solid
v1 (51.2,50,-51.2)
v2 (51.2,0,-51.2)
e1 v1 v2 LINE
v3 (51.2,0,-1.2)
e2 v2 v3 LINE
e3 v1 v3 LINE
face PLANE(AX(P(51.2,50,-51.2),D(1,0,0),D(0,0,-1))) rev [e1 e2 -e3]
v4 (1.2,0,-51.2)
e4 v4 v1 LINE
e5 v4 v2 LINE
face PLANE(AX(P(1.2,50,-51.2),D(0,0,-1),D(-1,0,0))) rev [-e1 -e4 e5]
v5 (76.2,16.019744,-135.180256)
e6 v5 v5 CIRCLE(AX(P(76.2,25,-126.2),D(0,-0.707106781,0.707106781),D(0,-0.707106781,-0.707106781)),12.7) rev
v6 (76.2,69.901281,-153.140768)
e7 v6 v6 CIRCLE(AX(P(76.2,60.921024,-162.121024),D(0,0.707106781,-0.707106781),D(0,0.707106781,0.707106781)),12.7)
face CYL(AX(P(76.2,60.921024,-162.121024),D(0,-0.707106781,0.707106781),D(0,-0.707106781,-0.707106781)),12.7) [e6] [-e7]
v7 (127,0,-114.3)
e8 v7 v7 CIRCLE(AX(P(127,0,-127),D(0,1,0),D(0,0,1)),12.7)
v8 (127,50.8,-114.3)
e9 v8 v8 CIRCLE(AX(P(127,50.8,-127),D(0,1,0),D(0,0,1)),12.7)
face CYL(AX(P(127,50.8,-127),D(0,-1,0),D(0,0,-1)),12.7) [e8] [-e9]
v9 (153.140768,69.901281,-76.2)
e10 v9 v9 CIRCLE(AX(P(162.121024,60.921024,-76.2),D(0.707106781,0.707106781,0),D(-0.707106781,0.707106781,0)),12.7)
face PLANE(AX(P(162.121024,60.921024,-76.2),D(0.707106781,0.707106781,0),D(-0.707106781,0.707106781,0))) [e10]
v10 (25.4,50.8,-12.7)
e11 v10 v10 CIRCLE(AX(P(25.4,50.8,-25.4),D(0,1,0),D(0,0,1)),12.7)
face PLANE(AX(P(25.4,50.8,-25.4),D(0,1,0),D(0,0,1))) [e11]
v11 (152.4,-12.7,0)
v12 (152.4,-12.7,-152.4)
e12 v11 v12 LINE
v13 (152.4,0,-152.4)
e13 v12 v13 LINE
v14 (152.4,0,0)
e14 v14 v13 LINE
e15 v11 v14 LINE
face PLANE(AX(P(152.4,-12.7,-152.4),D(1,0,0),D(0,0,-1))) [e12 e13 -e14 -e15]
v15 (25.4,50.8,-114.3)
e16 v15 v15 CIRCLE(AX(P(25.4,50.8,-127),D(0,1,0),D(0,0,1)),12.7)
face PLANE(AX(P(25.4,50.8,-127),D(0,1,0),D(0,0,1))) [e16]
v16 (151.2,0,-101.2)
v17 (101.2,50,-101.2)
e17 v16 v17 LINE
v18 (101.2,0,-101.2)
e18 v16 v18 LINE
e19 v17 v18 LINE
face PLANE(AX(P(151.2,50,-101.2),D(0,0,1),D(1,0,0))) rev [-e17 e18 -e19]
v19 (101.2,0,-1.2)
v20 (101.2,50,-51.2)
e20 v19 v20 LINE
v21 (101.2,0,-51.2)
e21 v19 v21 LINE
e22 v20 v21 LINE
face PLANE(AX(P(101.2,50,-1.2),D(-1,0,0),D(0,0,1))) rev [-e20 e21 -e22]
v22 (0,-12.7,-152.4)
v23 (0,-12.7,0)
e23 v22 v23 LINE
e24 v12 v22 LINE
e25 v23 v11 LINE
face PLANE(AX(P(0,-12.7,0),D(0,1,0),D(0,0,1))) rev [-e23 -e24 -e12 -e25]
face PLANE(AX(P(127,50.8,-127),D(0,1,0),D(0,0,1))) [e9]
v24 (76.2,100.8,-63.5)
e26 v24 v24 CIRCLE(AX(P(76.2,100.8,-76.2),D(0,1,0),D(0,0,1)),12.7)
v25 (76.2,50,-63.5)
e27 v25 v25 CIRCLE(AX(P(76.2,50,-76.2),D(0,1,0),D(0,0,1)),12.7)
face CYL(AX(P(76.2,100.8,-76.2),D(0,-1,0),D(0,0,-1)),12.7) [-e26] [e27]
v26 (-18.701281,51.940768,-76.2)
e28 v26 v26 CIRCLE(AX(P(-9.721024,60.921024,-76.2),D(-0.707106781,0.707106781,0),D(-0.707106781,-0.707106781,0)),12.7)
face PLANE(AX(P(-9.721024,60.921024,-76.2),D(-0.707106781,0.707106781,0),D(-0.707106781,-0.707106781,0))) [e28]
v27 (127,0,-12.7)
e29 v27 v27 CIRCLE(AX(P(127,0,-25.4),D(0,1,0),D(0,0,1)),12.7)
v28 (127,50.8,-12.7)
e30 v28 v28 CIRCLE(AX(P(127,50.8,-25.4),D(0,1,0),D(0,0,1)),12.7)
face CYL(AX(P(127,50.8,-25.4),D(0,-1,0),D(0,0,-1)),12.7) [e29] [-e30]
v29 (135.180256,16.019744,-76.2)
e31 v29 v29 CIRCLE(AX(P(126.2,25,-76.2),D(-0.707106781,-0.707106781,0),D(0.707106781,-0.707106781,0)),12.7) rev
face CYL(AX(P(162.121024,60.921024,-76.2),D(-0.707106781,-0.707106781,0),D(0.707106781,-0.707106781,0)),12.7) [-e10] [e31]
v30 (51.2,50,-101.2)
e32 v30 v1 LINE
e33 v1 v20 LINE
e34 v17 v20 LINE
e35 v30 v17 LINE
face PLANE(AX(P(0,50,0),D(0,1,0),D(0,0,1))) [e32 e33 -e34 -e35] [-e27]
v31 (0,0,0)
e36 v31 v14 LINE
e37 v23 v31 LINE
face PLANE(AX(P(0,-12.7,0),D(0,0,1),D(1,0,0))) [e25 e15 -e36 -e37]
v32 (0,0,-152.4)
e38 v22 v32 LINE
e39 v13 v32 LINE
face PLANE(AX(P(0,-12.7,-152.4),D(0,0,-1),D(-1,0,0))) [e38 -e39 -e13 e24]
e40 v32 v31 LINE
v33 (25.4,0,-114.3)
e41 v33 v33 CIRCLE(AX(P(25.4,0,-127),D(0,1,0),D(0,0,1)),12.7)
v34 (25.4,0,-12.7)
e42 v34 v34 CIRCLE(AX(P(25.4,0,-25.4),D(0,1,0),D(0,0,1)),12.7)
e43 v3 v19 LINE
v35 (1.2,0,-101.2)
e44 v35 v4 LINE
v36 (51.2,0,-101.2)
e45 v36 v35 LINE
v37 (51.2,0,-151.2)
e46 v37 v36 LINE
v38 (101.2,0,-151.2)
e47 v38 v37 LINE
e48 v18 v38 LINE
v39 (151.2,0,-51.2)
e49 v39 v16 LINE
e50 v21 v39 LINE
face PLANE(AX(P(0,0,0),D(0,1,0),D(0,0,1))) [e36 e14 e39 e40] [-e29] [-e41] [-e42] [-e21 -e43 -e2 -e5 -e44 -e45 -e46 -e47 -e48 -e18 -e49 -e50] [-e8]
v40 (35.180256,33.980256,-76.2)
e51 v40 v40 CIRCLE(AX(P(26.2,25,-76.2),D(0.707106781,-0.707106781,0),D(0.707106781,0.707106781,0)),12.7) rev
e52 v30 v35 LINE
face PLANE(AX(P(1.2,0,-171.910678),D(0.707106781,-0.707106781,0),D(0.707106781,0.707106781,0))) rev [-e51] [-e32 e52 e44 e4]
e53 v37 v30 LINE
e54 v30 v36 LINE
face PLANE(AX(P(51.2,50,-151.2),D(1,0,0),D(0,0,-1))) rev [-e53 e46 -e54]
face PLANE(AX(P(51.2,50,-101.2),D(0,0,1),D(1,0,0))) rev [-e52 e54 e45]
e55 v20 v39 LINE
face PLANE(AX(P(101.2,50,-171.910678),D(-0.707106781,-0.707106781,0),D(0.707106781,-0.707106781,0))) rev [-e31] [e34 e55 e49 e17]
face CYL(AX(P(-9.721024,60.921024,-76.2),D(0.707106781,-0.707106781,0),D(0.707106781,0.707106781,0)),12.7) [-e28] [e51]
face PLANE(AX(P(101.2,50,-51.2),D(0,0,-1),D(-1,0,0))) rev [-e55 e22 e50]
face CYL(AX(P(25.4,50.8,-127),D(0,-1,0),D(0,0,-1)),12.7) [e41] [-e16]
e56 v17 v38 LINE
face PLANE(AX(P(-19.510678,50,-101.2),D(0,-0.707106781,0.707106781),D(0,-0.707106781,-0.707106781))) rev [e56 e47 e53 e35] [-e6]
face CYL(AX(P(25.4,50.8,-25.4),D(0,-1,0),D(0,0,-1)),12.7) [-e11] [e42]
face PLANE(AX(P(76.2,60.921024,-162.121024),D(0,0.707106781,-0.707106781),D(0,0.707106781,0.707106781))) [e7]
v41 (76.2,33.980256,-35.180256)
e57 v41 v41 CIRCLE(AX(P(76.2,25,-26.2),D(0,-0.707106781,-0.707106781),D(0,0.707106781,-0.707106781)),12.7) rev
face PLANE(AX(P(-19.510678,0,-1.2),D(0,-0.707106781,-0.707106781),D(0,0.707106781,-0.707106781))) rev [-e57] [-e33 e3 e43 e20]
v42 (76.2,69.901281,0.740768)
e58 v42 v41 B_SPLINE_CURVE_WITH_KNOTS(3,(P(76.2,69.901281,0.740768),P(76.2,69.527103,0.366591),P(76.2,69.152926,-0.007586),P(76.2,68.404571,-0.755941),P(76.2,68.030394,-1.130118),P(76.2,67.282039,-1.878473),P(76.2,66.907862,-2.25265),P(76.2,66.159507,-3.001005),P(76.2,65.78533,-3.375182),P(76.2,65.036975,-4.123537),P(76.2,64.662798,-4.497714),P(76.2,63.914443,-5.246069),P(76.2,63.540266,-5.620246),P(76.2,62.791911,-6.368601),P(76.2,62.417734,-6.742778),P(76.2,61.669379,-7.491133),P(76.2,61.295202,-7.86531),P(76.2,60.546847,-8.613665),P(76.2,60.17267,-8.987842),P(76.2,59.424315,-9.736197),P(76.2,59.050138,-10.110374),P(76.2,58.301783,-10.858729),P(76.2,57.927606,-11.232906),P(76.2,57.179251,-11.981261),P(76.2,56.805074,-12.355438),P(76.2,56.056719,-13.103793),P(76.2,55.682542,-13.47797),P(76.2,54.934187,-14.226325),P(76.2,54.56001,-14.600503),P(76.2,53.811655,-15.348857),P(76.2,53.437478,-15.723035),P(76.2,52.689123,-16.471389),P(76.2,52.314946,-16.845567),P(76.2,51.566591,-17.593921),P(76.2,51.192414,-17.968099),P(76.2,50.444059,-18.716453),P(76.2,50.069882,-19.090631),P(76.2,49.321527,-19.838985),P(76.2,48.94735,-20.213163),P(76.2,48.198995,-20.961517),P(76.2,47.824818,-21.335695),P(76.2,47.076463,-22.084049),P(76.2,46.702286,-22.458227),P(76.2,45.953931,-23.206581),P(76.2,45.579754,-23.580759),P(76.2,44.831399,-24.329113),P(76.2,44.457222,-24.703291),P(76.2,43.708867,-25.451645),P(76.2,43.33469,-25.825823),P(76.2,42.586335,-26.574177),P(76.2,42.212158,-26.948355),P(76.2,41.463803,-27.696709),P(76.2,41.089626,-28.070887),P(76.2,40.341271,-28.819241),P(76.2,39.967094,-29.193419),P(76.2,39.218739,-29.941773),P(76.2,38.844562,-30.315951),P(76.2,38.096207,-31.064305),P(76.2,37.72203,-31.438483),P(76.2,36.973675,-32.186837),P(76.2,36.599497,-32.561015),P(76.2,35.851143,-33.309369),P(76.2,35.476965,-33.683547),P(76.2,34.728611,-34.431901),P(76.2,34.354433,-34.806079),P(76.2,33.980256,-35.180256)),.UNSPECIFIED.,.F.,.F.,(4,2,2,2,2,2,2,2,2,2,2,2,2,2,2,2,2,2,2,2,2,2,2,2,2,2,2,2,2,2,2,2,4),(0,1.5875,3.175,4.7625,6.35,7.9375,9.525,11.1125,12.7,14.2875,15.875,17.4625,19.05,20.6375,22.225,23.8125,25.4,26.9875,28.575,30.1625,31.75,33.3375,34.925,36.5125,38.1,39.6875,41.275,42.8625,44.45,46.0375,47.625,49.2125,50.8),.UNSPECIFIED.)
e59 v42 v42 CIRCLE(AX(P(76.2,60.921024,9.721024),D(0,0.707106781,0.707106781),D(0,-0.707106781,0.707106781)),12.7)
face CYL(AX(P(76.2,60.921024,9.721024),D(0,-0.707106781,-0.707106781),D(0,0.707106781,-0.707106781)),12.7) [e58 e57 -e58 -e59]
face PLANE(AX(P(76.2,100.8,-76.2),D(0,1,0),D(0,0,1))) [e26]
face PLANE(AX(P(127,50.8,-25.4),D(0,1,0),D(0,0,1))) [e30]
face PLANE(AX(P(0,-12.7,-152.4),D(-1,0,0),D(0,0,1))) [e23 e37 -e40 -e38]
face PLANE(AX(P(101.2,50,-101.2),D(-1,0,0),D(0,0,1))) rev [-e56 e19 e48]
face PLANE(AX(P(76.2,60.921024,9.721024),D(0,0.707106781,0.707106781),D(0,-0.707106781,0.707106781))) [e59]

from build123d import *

# Parameters (mm, degrees)
SKETCH1_W           = 152.4
SKETCH1_H           = 152.4
BOSS_EXTRUDE1_DEPTH = 12.7
SKETCH2_R           = 12.7
BOSS_EXTRUDE2_DEPTH = 50.8
BOSS_EXTRUDE3_DEPTH = 50
CUT_EXTRUDE1_DEPTH  = 50
CUT_EXTRUDE2_DEPTH  = 50
SKETCH6_R           = 12.7
BOSS_EXTRUDE4_DEPTH = 50.8
SKETCH7_R           = 12.7
BOSS_EXTRUDE5_DEPTH = 50.8
SKETCH8_R           = 12.7
BOSS_EXTRUDE6_DEPTH = 50.8
SKETCH9_R           = 12.7
BOSS_EXTRUDE7_DEPTH = 50.8
SKETCH10_R          = 12.7
BOSS_EXTRUDE8_DEPTH = 50.8


with BuildPart() as part:
    # Sketch1 → Boss-Extrude1 (new body)
    with BuildSketch(Plane(origin=(0, 0, 0), x_dir=(1, 0, 0), z_dir=(0, 1, 0))):
        with Locations((76.2, 76.2)):
            Rectangle(SKETCH1_W, SKETCH1_H)
    extrude(amount=-BOSS_EXTRUDE1_DEPTH)

    # Sketch2 → Boss-Extrude2 (add)
    with BuildSketch(Plane(origin=(0, 0, 0), x_dir=(1, 0, 0), z_dir=(0, 1, 0))):
        with Locations(Location((25.4, 127, 0), (0, 0, 270))):
            Circle(SKETCH2_R)
        with Locations(Location((127, 127, 0), (0, 0, 270))):
            Circle(SKETCH2_R)
        with Locations(Location((127, 25.4, 0), (0, 0, 270))):
            Circle(SKETCH2_R)
        with Locations(Location((25.4, 25.4, 0), (0, 0, 270))):
            Circle(SKETCH2_R)
    extrude(amount=BOSS_EXTRUDE2_DEPTH)

    # Sketch3 → Boss-Extrude3 (add)
    with BuildSketch(Plane(origin=(0, 0, 0), x_dir=(1, 0, 0), z_dir=(0, 1, 0))):
        Polygon((51.2, 151.2), (51.2, 101.2), (1.2, 101.2), (1.2, 51.2), (51.2, 51.2), (51.2, 1.2), (101.2, 1.2), (101.2, 51.2), (151.2, 51.2), (151.2, 101.2), (101.2, 101.2), (101.2, 151.2), align=None)
    extrude(amount=BOSS_EXTRUDE3_DEPTH)

    # Sketch4 → Cut-Extrude1 (cut)
    with BuildSketch(Plane.XY.offset(-51.2)):
        Polygon((1.2, 0), (51.2, 50), (1.2, 50), align=None)
        Polygon((101.2, 50), (151.2, 0), (151.2, 50), align=None)
    extrude(amount=-CUT_EXTRUDE1_DEPTH, mode=Mode.SUBTRACT)

    # Sketch5 → Cut-Extrude2 (cut)
    with BuildSketch(Plane(origin=(101.2, 0, 0), x_dir=(0, 0, -1), z_dir=(1, 0, 0))):
        Polygon((1.2, 0), (51.2, 50), (1.2, 50), align=None)
        Polygon((101.2, 50), (151.2, 0), (151.2, 50), align=None)
    extrude(amount=-CUT_EXTRUDE2_DEPTH, mode=Mode.SUBTRACT)

    # Sketch6 → Boss-Extrude4 (add)
    with BuildSketch(Plane(origin=(75.6, 75.6, 0), x_dir=(0, 0, -1), z_dir=(0.7071067811865475, 0.7071067811865477, 0))):
        with Locations(Location((76.2, -71.559206256, 0), (0, 0, 270))):
            Circle(SKETCH6_R)
    extrude(amount=BOSS_EXTRUDE4_DEPTH)

    # Sketch7 → Boss-Extrude5 (add)
    with BuildSketch(Plane(origin=(0, 75.6, -75.6), x_dir=(1, 0, 0), z_dir=(0, 0.7071067811865476, -0.7071067811865475))):
        with Locations(Location((76.2, 71.559206256, 0), (0, 0, 90))):
            Circle(SKETCH7_R)
    extrude(amount=BOSS_EXTRUDE5_DEPTH)

    # Sketch8 → Boss-Extrude6 (add)
    with BuildSketch(Plane(origin=(0.6, -0.6, 0), x_dir=(0, 0, 1), z_dir=(-0.7071067811865476, 0.7071067811865475, 0))):
        with Locations(Location((-76.2, 36.203867197, 0), (0, 0, 90))):
            Circle(SKETCH8_R)
    extrude(amount=BOSS_EXTRUDE6_DEPTH)

    # Sketch9 → Boss-Extrude7 (add)
    with BuildSketch(Plane(origin=(0, -0.6, -0.6), x_dir=(1, 0, 0), z_dir=(0, 0.7071067811865477, 0.7071067811865475))):
        with Locations(Location((76.2, 36.203867197, 0), (0, 0, 90))):
            Circle(SKETCH9_R)
    extrude(amount=BOSS_EXTRUDE7_DEPTH)

    # Sketch10 → Boss-Extrude8 (add)
    with BuildSketch(Plane(origin=(0, 50, 0), x_dir=(1, 0, 0), z_dir=(0, 1, 0))):
        with Locations(Location((76.2, 76.2, 0), (0, 0, 270))):
            Circle(SKETCH10_R)
    extrude(amount=BOSS_EXTRUDE8_DEPTH)


solid = part.part
